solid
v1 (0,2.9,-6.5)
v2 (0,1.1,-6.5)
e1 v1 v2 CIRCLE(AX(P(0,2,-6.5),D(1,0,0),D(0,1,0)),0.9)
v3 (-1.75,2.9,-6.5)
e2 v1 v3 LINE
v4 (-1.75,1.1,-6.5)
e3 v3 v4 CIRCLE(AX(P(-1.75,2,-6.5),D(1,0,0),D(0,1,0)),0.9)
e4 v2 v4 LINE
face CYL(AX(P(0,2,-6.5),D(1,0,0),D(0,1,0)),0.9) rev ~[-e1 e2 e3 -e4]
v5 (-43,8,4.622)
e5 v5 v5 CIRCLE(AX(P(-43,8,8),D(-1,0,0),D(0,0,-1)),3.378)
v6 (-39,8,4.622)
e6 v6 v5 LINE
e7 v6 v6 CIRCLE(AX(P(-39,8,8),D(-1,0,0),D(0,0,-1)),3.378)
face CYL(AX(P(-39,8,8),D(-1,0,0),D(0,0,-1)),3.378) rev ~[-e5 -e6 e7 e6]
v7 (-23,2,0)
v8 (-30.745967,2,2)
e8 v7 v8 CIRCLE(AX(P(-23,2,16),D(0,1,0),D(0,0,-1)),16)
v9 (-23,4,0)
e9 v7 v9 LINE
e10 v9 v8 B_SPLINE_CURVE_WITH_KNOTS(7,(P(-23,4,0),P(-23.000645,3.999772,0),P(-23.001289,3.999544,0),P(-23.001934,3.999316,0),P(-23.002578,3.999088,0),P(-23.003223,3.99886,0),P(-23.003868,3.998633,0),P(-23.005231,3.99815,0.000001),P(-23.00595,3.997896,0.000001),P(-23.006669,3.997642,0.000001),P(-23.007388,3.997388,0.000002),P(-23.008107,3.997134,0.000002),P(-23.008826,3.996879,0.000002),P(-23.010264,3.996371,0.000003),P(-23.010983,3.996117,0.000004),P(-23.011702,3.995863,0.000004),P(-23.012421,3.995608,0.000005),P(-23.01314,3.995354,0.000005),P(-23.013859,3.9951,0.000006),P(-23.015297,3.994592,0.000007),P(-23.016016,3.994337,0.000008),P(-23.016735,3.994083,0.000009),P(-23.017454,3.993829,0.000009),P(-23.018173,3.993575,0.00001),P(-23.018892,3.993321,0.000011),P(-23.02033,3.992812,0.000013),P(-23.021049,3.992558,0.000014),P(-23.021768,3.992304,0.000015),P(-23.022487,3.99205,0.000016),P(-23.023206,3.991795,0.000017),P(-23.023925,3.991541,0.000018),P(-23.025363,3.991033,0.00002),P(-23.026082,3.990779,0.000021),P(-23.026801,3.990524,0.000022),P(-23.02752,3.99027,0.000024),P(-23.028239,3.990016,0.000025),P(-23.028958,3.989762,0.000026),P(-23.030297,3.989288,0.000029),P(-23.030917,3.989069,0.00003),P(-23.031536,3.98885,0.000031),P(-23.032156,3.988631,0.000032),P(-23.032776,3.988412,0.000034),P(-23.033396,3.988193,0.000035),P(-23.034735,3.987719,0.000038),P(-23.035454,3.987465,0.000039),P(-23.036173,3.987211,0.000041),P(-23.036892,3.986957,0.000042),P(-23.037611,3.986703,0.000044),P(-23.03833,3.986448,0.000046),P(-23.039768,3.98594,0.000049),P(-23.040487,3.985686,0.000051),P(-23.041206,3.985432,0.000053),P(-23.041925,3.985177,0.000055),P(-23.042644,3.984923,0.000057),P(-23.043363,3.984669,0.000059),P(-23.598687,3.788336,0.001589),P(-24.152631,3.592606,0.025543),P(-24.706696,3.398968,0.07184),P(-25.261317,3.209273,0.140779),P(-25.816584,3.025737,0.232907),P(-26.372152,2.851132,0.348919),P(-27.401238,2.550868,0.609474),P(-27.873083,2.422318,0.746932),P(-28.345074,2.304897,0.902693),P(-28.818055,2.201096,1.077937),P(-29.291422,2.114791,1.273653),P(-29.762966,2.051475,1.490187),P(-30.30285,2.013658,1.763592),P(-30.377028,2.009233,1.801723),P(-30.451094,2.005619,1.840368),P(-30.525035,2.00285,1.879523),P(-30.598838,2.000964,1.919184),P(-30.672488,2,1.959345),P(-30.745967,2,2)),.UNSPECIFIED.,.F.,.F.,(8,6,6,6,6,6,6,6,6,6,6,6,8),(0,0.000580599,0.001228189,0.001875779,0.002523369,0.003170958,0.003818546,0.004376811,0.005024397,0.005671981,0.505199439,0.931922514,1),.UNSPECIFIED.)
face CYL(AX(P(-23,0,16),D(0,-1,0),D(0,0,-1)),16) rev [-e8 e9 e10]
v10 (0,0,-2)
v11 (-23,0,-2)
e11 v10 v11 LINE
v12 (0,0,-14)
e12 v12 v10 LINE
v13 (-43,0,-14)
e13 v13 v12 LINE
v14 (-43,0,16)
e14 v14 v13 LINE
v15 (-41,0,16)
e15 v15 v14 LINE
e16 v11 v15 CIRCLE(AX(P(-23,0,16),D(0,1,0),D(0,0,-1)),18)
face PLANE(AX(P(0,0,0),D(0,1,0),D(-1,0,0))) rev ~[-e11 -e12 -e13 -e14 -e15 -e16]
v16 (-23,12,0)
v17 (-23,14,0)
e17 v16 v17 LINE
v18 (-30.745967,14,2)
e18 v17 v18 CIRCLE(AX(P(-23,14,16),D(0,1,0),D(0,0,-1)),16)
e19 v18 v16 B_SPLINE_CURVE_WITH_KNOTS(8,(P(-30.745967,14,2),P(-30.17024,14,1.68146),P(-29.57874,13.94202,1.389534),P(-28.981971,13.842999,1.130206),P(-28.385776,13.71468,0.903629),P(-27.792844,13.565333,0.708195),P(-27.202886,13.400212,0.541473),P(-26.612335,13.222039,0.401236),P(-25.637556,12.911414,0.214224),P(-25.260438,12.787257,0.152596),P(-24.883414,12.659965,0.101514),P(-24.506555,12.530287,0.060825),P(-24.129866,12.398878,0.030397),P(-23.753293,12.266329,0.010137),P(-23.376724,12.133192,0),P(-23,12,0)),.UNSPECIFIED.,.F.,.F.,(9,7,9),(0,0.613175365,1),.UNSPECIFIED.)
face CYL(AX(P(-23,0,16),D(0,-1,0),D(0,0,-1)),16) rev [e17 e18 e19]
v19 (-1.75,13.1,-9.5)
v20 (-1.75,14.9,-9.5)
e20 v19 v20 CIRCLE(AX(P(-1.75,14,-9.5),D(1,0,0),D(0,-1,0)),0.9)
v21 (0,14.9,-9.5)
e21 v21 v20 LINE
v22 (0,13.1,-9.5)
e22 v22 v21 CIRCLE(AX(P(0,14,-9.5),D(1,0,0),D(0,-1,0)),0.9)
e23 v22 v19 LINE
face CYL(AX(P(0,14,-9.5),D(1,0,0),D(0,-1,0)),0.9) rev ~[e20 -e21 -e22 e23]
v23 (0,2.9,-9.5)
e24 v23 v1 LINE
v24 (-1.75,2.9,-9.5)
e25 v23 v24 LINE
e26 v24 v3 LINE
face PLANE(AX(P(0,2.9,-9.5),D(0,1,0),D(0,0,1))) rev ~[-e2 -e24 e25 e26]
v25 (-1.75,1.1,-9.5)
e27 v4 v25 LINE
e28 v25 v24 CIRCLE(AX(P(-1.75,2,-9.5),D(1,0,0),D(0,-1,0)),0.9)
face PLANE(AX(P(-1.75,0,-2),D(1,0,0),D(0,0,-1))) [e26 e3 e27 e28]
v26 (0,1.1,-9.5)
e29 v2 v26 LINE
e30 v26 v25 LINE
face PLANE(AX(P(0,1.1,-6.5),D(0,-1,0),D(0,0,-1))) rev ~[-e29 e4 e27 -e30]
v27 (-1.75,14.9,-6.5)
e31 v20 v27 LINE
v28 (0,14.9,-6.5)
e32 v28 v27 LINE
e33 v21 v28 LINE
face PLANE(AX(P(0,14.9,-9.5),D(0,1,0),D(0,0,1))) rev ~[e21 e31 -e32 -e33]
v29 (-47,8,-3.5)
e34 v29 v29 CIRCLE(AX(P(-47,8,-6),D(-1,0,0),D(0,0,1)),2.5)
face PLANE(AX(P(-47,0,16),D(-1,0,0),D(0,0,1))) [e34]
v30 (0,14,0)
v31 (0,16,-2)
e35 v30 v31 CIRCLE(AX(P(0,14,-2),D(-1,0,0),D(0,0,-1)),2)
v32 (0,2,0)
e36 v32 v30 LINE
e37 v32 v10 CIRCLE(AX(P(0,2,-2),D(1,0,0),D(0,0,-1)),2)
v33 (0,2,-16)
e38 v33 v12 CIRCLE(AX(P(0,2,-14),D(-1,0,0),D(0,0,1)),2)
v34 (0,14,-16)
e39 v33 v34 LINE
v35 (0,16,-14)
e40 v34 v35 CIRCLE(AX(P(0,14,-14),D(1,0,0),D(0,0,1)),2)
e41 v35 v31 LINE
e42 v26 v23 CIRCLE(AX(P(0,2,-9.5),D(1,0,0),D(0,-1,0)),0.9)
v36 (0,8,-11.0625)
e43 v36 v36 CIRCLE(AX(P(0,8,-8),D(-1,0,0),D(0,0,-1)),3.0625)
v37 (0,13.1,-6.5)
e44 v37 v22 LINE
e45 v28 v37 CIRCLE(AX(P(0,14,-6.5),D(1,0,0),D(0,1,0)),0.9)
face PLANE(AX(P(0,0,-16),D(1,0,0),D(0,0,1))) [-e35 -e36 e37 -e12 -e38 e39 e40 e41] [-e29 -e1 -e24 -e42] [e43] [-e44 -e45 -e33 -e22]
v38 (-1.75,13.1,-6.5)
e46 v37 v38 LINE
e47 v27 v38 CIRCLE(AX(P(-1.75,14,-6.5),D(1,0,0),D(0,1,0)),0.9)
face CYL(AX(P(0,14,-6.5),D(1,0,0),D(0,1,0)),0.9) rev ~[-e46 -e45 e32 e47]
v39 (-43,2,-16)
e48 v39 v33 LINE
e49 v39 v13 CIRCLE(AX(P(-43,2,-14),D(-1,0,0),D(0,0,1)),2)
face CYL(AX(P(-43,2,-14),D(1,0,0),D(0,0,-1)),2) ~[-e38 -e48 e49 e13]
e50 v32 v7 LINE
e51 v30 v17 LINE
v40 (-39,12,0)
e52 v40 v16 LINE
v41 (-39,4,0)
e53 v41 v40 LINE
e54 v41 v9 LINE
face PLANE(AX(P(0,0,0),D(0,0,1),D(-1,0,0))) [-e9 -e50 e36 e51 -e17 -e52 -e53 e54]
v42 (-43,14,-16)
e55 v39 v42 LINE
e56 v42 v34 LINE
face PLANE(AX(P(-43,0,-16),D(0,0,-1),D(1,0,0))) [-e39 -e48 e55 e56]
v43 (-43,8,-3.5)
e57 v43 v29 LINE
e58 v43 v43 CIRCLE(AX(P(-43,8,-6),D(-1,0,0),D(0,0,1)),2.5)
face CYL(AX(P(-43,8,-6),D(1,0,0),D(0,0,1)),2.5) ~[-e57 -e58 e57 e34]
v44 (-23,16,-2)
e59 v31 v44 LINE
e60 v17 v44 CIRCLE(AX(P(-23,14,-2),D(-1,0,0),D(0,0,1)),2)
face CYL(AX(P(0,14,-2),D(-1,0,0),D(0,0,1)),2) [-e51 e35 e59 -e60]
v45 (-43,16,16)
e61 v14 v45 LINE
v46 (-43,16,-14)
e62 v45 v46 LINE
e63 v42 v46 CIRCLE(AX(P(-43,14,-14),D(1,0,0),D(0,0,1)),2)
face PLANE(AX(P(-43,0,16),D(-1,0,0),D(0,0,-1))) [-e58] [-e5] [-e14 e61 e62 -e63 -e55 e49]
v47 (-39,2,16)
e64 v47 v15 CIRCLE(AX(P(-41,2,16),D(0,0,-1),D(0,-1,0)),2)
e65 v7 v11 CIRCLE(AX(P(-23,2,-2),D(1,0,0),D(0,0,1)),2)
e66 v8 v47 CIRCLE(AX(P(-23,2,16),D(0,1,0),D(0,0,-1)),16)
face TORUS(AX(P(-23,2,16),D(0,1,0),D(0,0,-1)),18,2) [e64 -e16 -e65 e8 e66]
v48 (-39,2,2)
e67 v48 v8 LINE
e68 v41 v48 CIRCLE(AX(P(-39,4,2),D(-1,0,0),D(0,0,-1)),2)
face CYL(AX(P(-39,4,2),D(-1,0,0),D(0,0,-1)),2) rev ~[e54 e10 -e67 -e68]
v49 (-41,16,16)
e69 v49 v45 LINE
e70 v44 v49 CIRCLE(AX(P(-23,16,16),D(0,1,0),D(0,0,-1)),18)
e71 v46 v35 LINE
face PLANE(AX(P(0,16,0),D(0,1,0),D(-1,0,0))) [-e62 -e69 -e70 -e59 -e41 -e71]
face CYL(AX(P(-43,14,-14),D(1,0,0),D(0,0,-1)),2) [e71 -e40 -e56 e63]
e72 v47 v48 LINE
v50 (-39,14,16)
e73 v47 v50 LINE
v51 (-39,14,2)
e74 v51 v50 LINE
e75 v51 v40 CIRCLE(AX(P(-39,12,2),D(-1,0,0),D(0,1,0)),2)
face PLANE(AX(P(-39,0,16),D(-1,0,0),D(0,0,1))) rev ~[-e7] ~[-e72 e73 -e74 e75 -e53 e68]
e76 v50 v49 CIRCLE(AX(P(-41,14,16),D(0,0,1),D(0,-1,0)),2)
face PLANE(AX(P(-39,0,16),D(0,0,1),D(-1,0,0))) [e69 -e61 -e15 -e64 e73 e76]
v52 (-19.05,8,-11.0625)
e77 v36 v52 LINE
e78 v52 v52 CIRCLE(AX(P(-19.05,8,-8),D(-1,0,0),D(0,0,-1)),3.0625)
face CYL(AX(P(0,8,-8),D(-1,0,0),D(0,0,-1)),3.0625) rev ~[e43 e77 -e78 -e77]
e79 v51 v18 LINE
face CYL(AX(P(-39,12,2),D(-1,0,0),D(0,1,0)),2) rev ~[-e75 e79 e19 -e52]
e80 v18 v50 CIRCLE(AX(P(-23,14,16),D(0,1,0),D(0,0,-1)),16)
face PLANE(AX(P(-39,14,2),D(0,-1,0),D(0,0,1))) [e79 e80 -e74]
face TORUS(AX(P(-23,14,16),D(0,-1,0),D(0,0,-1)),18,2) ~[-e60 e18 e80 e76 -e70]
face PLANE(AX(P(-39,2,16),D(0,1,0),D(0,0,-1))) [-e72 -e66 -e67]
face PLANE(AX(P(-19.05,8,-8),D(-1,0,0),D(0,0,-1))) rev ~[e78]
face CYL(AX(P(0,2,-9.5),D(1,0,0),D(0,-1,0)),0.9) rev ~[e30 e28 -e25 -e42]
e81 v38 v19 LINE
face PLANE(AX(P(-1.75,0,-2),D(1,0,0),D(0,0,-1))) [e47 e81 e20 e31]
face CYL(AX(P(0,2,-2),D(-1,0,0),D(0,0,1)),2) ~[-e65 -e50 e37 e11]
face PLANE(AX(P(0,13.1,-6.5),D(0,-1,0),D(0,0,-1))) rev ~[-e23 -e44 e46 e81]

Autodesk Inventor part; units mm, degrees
ref_plane "YZ Plane" through (0, 0, 0) normal (1, 0, 0) x (0, 1, 0)
ref_plane "XZ Plane" through (0, 0, 0) normal (0, 1, 0) x (-1, 0, 0)
sketch "Sketch1" plane through (0, 0, 0) normal (0, 1, 0) x (-1, 0, 0)
  line L0 (43, 16) -> (43, -16)
  line L1 (43, -16) -> (0, -16)
  line L2 (0, -16) -> (0, 0)
  line L3 (0, 0) -> (23, 0)
  line L4 (39, 16) -> (39, 16)
  line L5 (39, 16) -> (43, 16)
  arc A0 (23, 0) -> (39, 16) centre (23, 16) ccw
  dimension "d0" = 16
  dimension "d1" = 32
  dimension "d2" = 4
  dimension "d3" = 16
  dimension "d4" = 43
extrude "Extrusion1" add sketch "Sketch1" along normal blind 16
fillet "Fillet1" radius 2 6 edges at (-34.3137, 16, 4.6863) (-11.5, 16, 0) (-21.5, 16, -16) (-21.5, 0, -16) (-34.3137, 0, 4.6863) (-11.5, 0, 0)
ref_plane "Work Plane1" through (-39, 0, 16) normal (-1, 0, 0) x (0, 0, 1)
sketch "Sketch2" plane through (-39, 0, 16) normal (-1, 0, 0) x (0, 0, 1)
  line L0 (-16, 14) -> (0, 14) projected
  line L1 (0, 2) -> (-16, 2) projected
  line L2 (-14, 14) -> (0, 14)
  line L3 (0, 14) -> (0, 2)
  line L4 (0, 2) -> (-14, 2)
  line L5 (-16, 4) -> (-16, 12)
  arc A0 (-14, 14) -> (-16, 12) centre (-14, 12) ccw
  arc A1 (-16, 4) -> (-14, 2) centre (-14, 4) ccw
  point P0 (-16, 0)
  dimension "d9" = 2
  dimension "d10" = 16
extrude "Extrusion2" cut sketch "Sketch2" against normal blind 16
sketch "Sketch3" plane through (-39, 0, 16) normal (1, 0, 0) x (0, 0, -1)
  line L0 (0, 0) -> (18, 0) projected
  line L1 (18, 16) -> (0, 16) projected
  line L2 (0, 2) -> (0, 14) projected
  point P0 (16, 0)
  point P1 (8, 8)
  dimension "d13" = 16
  dimension "d14" = 8
  dimension "d15" = 8
hole "Hole1" at (-39, 8, 8) direction (-1, 0, 0) diameter 6.756 depth 8.8 clearance for "Flat Head Machine Screw (82)" size "1/4" standard "Ansi Unified Screw Threads"
sketch "Sketch4" plane through (0, 0, -2) normal (1, 0, 0) x (0, 0, -1)
  line L0 (0, 16) -> (12, 16) projected
  line L1 (14, 2) -> (14, 14) projected
  line L2 (4.5, 14) -> (7.5, 14) construction
  line L3 (4.5, 13.1) -> (7.5, 13.1)
  line L4 (7.5, 14.9) -> (4.5, 14.9)
  arc A0 (4.5, 14.9) -> (4.5, 13.1) centre (4.5, 14) ccw
  arc A1 (7.5, 13.1) -> (7.5, 14.9) centre (7.5, 14) ccw
  line L5 (7.5, 2) -> (4.5, 2) construction
  line L6 (7.5, 2.9) -> (4.5, 2.9)
  line L7 (4.5, 1.1) -> (7.5, 1.1)
  arc A2 (7.5, 1.1) -> (7.5, 2.9) centre (7.5, 2) ccw
  arc A3 (4.5, 2.9) -> (4.5, 1.1) centre (4.5, 2) ccw
  point P0 (-2, 0)
  point P1 (6, 8)
  point P2 (6, 8)
  point P3 (6, 8)
  point P4 (6, 14)
  point P5 (6, 2)
  dimension "d23" = 8
  dimension "d24" = 8
  dimension "d62" = 0
  dimension "d63" = 1.8
  dimension "d64" = 12
  dimension "d65" = 6
  dimension "d66" = 1.8
  dimension "d67" = 3
  dimension "d68" = 0
  dimension "d69" = 3
extrude "Extrusion3" cut sketch "Sketch4" against normal blind 1.75
hole "Hole2" at (0, 8, -8) direction (-1, 0, 0) diameter 6.125 depth 19.05
sketch "Sketch5" plane through (-43, 0, 16) normal (-1, 0, 0) x (0, 0, 1)
  circle A0 centre (-22, 8) radius 2.5
  line L0 (-8, 8) -> (-22, 8) construction
  circle A1 centre (-8, 8) radius 3.378 construction
  point P0 (-16, 0)
  dimension "d42" = 14
  dimension "d43" = 5
extrude "Extrusion4" add sketch "Sketch5" along normal blind 4
equation "\"d1\" = 2 * d0"
equation "\"d14\" = 0.5 * d13"
equation "\"d15\" = 0.5 * d13"
equation "\"d24\" = d23"
equation "\"d65\" = 0.5 * d64"
equation "\"d66\" = d63"
equation "\"d69\" = d67"
properties part number "vive_mount"
